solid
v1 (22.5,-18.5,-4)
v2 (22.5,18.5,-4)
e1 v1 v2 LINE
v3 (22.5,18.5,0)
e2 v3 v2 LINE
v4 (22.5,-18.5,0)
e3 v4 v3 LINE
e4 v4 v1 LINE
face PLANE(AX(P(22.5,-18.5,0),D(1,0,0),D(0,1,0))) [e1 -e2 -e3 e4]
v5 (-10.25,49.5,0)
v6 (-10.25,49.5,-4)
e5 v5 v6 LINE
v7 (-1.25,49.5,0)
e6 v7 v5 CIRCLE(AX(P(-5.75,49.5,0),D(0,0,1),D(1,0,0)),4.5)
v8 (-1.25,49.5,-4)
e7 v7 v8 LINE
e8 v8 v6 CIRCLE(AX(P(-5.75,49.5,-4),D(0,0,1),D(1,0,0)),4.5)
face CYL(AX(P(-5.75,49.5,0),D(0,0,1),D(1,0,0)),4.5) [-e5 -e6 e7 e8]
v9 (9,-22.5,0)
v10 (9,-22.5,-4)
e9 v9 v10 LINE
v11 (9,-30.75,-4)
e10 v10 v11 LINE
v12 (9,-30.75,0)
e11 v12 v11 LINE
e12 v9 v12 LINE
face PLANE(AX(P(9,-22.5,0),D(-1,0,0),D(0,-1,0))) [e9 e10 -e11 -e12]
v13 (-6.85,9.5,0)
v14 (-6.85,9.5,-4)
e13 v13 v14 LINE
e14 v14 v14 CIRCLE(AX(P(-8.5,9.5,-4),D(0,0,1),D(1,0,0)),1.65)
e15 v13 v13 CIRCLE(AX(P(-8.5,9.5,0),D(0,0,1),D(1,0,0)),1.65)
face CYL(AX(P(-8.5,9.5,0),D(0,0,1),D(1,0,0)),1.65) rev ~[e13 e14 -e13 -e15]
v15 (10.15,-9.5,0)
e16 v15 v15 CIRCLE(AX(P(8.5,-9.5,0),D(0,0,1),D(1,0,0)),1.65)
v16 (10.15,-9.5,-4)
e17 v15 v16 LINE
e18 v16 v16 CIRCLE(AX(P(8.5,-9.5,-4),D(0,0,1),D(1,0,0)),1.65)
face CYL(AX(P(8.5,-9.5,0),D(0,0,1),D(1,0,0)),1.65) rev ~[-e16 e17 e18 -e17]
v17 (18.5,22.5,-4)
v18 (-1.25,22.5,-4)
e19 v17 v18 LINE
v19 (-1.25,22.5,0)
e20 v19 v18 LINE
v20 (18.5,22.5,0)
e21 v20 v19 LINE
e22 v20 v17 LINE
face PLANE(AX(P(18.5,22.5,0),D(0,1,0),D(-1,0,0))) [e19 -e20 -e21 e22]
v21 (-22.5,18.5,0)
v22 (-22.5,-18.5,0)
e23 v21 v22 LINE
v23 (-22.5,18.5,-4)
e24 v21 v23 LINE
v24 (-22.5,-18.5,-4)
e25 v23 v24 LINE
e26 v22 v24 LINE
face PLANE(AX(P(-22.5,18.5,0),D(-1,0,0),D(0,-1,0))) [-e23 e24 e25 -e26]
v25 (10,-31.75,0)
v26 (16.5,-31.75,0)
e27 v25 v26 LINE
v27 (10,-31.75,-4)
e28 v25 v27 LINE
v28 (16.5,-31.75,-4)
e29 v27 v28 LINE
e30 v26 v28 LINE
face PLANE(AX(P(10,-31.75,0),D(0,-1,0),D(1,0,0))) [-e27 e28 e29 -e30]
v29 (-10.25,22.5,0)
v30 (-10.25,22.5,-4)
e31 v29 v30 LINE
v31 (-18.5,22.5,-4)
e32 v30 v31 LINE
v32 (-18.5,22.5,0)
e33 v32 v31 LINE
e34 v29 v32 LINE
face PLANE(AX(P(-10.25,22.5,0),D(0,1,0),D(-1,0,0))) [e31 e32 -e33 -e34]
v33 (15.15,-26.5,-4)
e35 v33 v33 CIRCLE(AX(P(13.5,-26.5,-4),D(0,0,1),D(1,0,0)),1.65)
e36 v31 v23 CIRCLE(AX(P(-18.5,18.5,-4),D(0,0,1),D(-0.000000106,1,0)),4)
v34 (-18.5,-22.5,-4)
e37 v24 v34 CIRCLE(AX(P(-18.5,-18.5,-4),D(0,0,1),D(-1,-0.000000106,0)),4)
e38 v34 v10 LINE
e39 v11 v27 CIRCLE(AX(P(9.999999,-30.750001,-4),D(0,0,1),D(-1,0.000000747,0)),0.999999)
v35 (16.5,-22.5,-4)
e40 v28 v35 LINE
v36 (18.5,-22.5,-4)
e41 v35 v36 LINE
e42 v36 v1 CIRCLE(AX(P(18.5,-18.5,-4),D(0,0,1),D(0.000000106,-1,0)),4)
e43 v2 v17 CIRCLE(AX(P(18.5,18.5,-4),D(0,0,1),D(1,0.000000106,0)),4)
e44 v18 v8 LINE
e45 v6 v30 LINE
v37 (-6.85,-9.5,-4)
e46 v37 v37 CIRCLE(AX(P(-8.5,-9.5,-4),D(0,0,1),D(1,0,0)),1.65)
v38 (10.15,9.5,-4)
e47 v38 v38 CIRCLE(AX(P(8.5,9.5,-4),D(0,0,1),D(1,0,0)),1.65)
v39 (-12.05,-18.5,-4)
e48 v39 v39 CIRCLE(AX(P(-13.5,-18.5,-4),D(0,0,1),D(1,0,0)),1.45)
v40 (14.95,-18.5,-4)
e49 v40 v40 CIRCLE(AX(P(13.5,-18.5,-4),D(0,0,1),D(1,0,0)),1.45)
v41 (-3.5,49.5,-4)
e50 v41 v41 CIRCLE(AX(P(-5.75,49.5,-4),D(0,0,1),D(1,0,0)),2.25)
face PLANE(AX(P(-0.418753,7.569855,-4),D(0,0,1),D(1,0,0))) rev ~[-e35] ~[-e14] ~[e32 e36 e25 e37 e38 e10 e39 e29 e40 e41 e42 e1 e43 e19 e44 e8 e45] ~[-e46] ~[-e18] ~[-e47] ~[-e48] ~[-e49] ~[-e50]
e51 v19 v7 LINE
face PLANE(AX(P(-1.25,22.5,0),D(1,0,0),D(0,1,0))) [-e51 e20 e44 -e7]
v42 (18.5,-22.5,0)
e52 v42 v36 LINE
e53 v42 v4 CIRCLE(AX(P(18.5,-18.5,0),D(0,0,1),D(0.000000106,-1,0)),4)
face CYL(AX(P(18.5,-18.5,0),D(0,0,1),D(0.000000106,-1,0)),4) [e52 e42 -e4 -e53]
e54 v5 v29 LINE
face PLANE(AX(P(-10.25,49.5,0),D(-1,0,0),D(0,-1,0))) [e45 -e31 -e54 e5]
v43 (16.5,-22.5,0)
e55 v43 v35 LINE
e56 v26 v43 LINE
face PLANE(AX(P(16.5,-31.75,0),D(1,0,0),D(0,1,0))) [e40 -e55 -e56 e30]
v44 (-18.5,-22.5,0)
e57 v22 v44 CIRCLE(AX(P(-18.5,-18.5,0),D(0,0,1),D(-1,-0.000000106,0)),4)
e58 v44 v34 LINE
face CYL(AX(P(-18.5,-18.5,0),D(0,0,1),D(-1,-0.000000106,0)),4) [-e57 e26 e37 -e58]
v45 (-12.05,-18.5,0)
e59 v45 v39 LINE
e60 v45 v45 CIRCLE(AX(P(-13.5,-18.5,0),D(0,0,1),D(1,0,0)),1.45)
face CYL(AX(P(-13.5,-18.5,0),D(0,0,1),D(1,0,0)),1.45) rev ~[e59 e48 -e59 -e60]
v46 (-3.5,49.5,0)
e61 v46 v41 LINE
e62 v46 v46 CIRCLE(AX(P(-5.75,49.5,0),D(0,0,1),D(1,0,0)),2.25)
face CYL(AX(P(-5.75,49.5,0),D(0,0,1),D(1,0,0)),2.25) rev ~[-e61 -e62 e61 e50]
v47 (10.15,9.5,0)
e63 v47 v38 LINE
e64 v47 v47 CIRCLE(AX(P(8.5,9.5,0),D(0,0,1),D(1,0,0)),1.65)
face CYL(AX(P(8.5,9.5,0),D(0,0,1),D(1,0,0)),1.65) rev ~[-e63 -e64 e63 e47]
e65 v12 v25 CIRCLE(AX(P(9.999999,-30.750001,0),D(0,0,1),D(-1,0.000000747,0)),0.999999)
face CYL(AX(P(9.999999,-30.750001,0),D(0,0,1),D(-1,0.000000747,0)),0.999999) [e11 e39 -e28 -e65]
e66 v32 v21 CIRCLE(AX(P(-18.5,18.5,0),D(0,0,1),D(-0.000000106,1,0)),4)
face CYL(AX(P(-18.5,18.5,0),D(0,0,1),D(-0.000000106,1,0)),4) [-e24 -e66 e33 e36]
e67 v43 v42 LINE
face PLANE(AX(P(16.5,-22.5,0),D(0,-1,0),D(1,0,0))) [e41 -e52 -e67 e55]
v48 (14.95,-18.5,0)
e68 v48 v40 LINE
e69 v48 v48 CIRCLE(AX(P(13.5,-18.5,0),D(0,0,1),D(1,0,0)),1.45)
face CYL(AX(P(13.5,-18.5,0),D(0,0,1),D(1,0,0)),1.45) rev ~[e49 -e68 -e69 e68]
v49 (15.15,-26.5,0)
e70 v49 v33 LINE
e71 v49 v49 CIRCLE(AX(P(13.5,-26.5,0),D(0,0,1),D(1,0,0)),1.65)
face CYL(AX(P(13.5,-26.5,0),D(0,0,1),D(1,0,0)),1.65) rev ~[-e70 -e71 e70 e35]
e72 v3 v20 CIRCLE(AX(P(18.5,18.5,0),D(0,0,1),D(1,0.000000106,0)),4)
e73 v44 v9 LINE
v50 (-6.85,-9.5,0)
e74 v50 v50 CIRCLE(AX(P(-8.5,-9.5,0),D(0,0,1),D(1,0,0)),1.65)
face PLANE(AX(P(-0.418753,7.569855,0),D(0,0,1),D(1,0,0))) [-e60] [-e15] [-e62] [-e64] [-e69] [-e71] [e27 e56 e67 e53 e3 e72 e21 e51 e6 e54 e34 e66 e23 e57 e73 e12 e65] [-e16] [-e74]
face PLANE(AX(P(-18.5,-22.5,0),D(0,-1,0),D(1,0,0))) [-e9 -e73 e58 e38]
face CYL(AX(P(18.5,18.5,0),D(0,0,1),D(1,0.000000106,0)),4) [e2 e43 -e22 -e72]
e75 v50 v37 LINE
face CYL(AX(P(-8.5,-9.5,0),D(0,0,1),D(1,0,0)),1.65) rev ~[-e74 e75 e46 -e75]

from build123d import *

# Parameters (mm, degrees)
F0_R     = 1.45
F0_R_2   = 1.65
F0_R_3   = 2.25
F1_DEPTH = 4


with BuildPart() as f1:
    # F0 (on Top) → F1 (new body)
    with BuildSketch(Plane.XY):
        with BuildLine():
            Line((-1.25, 22.5), (-1.25, 49.5))
            ThreePointArc((-1.25, 49.5), (-5.75, 54), (-10.25, 49.5))
            Line((-10.25, 49.5), (-10.25, 22.5))
            Line((-10.25, 22.5), (-18.5, 22.5))
            ThreePointArc((-18.5, 22.5), (-21.328427, 21.328427), (-22.5, 18.5))
            Line((-22.5, 18.5), (-22.5, -18.5))
            ThreePointArc((-22.5, -18.5), (-21.328427, -21.328427), (-18.5, -22.5))
            Line((-18.5, -22.5), (9, -22.5))
            Line((9, -22.5), (9, -30.75))
            ThreePointArc((9, -30.75), (9.292893, -31.457107), (10, -31.75))
            Line((10, -31.75), (16.5, -31.75))
            Line((16.5, -31.75), (16.5, -22.5))
            Line((16.5, -22.5), (18.5, -22.5))
            ThreePointArc((18.5, -22.5), (21.328427, -21.328427), (22.5, -18.5))
            Line((22.5, -18.5), (22.5, 18.5))
            ThreePointArc((22.5, 18.5), (21.328427, 21.328427), (18.5, 22.5))
            Line((18.5, 22.5), (-1.25, 22.5))
        make_face()
        with Locations((-13.5, -18.5)):
            Circle(F0_R, mode=Mode.SUBTRACT)
        with Locations((-8.5, -9.5)):
            Circle(F0_R_2, mode=Mode.SUBTRACT)
        with Locations((-8.5, 9.5)):
            Circle(F0_R_2, mode=Mode.SUBTRACT)
        with Locations((13.5, -26.5)):
            Circle(F0_R_2, mode=Mode.SUBTRACT)
        with Locations((13.5, -18.5)):
            Circle(F0_R, mode=Mode.SUBTRACT)
        with Locations((8.5, -9.5)):
            Circle(F0_R_2, mode=Mode.SUBTRACT)
        with Locations((8.5, 9.5)):
            Circle(F0_R_2, mode=Mode.SUBTRACT)
        with Locations((-5.75, 49.5)):
            Circle(F0_R_3, mode=Mode.SUBTRACT)
    extrude(amount=-F1_DEPTH)


solid = f1.part
